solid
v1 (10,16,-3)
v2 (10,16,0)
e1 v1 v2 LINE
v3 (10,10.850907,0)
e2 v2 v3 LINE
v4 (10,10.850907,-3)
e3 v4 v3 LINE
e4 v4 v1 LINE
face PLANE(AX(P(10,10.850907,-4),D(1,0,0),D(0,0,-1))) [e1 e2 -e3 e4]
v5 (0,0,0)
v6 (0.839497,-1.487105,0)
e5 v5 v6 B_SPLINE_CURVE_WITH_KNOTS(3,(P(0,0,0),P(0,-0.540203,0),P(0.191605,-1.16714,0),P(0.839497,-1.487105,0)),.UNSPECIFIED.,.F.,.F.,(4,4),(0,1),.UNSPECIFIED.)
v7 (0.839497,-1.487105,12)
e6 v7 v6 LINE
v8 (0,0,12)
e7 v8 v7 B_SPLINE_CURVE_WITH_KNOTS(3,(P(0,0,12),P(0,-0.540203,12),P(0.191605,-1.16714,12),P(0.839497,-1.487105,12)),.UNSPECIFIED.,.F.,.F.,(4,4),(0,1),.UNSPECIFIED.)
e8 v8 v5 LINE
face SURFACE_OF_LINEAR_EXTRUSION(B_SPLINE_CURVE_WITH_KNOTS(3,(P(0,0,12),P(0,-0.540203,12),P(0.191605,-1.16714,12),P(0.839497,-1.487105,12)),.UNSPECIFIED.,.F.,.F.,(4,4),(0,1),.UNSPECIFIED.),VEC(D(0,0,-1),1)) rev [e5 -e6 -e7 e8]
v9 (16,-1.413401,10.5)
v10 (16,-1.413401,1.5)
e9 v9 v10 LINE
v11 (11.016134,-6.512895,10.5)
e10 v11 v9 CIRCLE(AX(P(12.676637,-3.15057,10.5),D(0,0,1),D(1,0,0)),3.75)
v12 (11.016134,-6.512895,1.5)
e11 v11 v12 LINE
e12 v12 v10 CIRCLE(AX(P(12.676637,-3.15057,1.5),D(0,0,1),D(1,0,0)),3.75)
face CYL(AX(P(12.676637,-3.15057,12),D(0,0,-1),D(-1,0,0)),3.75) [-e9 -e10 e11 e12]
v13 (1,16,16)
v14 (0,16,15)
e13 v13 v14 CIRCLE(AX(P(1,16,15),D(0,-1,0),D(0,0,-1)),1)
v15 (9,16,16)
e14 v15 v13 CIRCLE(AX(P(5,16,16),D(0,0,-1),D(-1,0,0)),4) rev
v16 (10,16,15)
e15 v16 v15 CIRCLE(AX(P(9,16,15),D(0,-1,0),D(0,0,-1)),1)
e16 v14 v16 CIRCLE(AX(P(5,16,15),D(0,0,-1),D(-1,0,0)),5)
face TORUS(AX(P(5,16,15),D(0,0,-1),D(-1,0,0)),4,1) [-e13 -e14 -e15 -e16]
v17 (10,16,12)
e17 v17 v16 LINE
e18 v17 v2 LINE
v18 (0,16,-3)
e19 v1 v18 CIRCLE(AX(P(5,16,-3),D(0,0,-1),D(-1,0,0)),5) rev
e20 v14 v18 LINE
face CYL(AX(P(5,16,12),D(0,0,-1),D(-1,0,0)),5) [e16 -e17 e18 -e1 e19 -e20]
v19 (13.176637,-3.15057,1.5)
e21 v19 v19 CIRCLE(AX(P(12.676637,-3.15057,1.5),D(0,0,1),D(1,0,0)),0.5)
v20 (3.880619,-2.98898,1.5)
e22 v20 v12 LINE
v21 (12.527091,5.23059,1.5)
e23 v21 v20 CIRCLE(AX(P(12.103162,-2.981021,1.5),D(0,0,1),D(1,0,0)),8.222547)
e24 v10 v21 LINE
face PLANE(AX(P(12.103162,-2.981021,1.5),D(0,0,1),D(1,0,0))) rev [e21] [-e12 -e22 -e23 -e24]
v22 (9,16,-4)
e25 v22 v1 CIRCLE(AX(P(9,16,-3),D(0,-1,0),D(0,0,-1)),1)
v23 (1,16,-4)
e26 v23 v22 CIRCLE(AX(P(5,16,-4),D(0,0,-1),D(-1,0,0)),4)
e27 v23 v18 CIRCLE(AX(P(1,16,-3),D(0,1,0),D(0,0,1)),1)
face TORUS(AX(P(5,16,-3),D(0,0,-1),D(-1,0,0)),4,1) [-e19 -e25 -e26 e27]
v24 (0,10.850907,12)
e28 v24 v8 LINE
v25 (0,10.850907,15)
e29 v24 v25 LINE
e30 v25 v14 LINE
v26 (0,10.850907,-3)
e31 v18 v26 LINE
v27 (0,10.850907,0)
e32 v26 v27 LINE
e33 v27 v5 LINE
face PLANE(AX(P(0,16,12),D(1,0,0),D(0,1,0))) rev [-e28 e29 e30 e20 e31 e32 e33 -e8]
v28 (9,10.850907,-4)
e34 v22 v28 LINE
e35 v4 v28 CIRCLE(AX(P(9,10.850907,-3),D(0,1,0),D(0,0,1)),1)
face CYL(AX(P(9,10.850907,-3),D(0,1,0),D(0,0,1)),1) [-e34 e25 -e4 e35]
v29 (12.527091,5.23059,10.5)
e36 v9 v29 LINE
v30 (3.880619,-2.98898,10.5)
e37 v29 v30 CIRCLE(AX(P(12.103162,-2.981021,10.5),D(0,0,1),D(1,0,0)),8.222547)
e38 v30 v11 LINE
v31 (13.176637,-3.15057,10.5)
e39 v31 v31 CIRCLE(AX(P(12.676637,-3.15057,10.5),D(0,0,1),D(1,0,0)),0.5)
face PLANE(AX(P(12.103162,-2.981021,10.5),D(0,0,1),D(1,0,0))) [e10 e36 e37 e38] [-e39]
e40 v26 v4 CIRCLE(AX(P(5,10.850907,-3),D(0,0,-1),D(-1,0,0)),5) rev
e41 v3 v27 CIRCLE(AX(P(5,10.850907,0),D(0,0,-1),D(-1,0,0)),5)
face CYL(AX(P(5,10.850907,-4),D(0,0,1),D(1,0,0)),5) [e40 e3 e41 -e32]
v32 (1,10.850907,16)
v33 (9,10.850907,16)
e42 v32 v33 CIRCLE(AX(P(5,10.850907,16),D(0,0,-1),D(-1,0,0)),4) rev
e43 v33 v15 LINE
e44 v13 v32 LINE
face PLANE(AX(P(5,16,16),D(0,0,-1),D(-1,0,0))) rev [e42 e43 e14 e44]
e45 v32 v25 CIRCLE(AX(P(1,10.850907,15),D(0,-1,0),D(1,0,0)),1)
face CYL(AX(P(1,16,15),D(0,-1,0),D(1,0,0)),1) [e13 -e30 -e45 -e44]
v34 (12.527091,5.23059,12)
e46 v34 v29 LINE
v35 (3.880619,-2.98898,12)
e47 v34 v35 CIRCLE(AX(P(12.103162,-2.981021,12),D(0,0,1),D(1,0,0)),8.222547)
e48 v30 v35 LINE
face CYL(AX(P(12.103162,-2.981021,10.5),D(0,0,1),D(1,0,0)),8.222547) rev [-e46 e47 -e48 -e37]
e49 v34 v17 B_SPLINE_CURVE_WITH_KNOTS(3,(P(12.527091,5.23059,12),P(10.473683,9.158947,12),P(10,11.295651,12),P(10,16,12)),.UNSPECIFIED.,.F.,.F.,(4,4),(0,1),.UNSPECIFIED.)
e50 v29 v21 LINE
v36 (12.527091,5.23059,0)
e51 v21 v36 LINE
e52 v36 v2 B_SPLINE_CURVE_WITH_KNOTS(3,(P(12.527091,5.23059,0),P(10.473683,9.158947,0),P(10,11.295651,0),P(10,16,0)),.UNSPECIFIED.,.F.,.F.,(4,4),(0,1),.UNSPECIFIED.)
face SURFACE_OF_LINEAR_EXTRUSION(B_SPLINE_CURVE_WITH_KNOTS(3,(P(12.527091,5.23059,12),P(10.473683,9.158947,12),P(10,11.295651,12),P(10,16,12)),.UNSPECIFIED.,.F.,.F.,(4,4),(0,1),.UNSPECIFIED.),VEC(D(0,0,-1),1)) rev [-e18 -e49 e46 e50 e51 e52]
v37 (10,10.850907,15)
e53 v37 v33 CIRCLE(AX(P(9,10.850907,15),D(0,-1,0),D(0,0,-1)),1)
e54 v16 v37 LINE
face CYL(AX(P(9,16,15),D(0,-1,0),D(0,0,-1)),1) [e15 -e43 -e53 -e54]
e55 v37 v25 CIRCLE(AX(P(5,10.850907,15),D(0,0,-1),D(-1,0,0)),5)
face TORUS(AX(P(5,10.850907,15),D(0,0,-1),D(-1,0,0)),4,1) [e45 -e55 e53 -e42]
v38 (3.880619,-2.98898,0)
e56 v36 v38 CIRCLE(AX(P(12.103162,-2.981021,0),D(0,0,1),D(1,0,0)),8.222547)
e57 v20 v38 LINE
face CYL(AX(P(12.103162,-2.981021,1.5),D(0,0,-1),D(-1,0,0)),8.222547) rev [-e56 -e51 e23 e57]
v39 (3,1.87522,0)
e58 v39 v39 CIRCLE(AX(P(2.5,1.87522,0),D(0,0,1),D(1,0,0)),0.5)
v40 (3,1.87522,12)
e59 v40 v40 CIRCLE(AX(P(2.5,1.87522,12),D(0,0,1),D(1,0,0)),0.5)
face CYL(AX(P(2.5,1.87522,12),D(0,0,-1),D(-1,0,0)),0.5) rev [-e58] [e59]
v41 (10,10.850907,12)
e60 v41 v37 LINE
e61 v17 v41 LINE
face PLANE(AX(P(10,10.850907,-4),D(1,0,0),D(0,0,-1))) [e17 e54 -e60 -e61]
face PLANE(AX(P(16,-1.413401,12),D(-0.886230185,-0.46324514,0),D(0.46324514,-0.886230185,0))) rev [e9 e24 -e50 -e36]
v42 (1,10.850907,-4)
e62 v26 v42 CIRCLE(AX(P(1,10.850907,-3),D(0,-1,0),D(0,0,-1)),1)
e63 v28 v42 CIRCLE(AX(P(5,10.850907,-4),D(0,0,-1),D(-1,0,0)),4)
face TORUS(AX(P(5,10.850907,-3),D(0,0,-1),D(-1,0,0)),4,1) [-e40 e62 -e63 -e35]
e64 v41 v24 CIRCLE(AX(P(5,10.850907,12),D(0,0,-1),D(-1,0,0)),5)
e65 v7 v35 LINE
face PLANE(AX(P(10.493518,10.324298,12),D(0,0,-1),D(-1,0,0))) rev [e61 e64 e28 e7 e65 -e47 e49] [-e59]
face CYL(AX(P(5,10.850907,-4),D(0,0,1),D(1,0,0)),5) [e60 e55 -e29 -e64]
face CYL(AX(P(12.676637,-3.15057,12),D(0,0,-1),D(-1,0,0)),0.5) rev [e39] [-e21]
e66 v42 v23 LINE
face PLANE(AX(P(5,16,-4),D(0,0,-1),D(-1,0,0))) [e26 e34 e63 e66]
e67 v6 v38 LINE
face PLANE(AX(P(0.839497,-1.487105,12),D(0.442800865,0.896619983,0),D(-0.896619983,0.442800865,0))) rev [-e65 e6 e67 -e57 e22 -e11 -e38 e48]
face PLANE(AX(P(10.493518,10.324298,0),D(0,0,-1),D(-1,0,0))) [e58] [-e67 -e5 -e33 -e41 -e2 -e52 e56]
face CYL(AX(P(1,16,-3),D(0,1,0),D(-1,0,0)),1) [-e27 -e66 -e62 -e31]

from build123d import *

# Parameters (mm, degrees)
SKETCHDISTALINTERNAL_R          = 0.5
BOSSEXTRUDEDISTALINTERNAL_DEPTH = 12
CUTEXTRUDEDISTALBARL_START      = -1.5
CUTEXTRUDEDISTALBARL_DEPTH      = 1.5
CUTEXTRUDEDISTALBARR_DEPTH      = 1.5
BOSSEXTRUDEEXTERNAL_START       = -16
BOSSEXTRUDEEXTERNAL_DEPTH       = 20
FILLETDISTALEXTERNAL_R          = 1


with BuildPart() as part:
    # SketchDistalInternal → BossExtrudeDistalInternal (new body)
    with BuildSketch(Plane.XY):
        with BuildLine():
            Line((0.839496756, -1.48710509), (11.016133562, -6.51289491))
            ThreePointArc((11.016133562, -6.51289491), (15.358517882, -5.771641109), (16, -1.4134007))
            Line((16, -1.4134007), (12.527091293, 5.230590272))
            add(Edge.make_bspline(
                [(10, 16), (10, 11.295651098), (10.473683301, 9.158946966), (12.527091293, 5.230590272)],
                knots=[0, 0, 0, 0, 1, 1, 1, 1], degree=3))
            ThreePointArc((10, 16), (5, 21), (0, 16))
            Line((0, 16), (0, 0))
            add(Edge.make_bspline(
                [(0, 0), (0, -0.54020277), (0.191605084, -1.167140113), (0.839496756, -1.48710509)],
                knots=[0, 0, 0, 0, 1, 1, 1, 1], degree=3))
        make_face()
        with Locations((2.5, 1.875219846)):
            Circle(SKETCHDISTALINTERNAL_R, mode=Mode.SUBTRACT)
        with Locations((12.676636807, -3.150569974)):
            Circle(SKETCHDISTALINTERNAL_R, mode=Mode.SUBTRACT)
    extrude(amount=BOSSEXTRUDEDISTALINTERNAL_DEPTH)

    # SketchCutBarL → CutExtrudeDistalBarL (cut)
    with BuildSketch(Plane.XY.offset(12).offset(CUTEXTRUDEDISTALBARL_START)):
        with BuildLine():
            Line((3.880618629, -2.98898038), (11.016133562, -6.51289491))
            ThreePointArc((11.016133562, -6.51289491), (15.358517882, -5.771641109), (16, -1.4134007))
            Line((16, -1.4134007), (12.527091293, 5.230590272))
            ThreePointArc((12.527091293, 5.230590272), (6.43792312, 2.978454456), (3.880618629, -2.98898038))
        make_face()
    extrude(amount=CUTEXTRUDEDISTALBARL_DEPTH, mode=Mode.SUBTRACT)

    # SketchCutBarR → CutExtrudeDistalBarR (cut)
    with BuildSketch(Plane.XY):
        with BuildLine():
            Line((3.880618629, -2.98898038), (11.016133562, -6.51289491))
            ThreePointArc((11.016133562, -6.51289491), (15.358517882, -5.771641109), (16, -1.4134007))
            Line((16, -1.4134007), (12.527091293, 5.230590272))
            ThreePointArc((12.527091293, 5.230590272), (6.43792312, 2.978454456), (3.880618629, -2.98898038))
        make_face()
    extrude(amount=CUTEXTRUDEDISTALBARR_DEPTH, mode=Mode.SUBTRACT)

    # SketchDistalExternal → BossExtrudeExternal (add)
    with BuildSketch(Plane.XY.offset(12).offset(BOSSEXTRUDEEXTERNAL_START)):
        with BuildLine():
            Line((0, 16), (0, 10.850906929))
            ThreePointArc((0, 10.850906929), (5, 5.850906929), (10, 10.850906929))
            Line((10, 10.850906929), (10, 16))
            ThreePointArc((10, 16), (5, 21), (0, 16))
        make_face()
    extrude(amount=BOSSEXTRUDEEXTERNAL_DEPTH)

    # FilletDistalExternal
    filletdistalexternal_edges = [part.edges().sort_by_distance(p)[0] for p in [
        (5, 21, -4),
        (10, 13.425453465, -4),
        (5, 5.850906929, -4),
        (0, 13.425453465, -4),
        (5, 21, 16),
        (0, 13.425453465, 16),
        (5, 5.850906929, 16),
        (10, 13.425453465, 16),
    ]]
    fillet(filletdistalexternal_edges, radius=FILLETDISTALEXTERNAL_R)


solid = part.part
